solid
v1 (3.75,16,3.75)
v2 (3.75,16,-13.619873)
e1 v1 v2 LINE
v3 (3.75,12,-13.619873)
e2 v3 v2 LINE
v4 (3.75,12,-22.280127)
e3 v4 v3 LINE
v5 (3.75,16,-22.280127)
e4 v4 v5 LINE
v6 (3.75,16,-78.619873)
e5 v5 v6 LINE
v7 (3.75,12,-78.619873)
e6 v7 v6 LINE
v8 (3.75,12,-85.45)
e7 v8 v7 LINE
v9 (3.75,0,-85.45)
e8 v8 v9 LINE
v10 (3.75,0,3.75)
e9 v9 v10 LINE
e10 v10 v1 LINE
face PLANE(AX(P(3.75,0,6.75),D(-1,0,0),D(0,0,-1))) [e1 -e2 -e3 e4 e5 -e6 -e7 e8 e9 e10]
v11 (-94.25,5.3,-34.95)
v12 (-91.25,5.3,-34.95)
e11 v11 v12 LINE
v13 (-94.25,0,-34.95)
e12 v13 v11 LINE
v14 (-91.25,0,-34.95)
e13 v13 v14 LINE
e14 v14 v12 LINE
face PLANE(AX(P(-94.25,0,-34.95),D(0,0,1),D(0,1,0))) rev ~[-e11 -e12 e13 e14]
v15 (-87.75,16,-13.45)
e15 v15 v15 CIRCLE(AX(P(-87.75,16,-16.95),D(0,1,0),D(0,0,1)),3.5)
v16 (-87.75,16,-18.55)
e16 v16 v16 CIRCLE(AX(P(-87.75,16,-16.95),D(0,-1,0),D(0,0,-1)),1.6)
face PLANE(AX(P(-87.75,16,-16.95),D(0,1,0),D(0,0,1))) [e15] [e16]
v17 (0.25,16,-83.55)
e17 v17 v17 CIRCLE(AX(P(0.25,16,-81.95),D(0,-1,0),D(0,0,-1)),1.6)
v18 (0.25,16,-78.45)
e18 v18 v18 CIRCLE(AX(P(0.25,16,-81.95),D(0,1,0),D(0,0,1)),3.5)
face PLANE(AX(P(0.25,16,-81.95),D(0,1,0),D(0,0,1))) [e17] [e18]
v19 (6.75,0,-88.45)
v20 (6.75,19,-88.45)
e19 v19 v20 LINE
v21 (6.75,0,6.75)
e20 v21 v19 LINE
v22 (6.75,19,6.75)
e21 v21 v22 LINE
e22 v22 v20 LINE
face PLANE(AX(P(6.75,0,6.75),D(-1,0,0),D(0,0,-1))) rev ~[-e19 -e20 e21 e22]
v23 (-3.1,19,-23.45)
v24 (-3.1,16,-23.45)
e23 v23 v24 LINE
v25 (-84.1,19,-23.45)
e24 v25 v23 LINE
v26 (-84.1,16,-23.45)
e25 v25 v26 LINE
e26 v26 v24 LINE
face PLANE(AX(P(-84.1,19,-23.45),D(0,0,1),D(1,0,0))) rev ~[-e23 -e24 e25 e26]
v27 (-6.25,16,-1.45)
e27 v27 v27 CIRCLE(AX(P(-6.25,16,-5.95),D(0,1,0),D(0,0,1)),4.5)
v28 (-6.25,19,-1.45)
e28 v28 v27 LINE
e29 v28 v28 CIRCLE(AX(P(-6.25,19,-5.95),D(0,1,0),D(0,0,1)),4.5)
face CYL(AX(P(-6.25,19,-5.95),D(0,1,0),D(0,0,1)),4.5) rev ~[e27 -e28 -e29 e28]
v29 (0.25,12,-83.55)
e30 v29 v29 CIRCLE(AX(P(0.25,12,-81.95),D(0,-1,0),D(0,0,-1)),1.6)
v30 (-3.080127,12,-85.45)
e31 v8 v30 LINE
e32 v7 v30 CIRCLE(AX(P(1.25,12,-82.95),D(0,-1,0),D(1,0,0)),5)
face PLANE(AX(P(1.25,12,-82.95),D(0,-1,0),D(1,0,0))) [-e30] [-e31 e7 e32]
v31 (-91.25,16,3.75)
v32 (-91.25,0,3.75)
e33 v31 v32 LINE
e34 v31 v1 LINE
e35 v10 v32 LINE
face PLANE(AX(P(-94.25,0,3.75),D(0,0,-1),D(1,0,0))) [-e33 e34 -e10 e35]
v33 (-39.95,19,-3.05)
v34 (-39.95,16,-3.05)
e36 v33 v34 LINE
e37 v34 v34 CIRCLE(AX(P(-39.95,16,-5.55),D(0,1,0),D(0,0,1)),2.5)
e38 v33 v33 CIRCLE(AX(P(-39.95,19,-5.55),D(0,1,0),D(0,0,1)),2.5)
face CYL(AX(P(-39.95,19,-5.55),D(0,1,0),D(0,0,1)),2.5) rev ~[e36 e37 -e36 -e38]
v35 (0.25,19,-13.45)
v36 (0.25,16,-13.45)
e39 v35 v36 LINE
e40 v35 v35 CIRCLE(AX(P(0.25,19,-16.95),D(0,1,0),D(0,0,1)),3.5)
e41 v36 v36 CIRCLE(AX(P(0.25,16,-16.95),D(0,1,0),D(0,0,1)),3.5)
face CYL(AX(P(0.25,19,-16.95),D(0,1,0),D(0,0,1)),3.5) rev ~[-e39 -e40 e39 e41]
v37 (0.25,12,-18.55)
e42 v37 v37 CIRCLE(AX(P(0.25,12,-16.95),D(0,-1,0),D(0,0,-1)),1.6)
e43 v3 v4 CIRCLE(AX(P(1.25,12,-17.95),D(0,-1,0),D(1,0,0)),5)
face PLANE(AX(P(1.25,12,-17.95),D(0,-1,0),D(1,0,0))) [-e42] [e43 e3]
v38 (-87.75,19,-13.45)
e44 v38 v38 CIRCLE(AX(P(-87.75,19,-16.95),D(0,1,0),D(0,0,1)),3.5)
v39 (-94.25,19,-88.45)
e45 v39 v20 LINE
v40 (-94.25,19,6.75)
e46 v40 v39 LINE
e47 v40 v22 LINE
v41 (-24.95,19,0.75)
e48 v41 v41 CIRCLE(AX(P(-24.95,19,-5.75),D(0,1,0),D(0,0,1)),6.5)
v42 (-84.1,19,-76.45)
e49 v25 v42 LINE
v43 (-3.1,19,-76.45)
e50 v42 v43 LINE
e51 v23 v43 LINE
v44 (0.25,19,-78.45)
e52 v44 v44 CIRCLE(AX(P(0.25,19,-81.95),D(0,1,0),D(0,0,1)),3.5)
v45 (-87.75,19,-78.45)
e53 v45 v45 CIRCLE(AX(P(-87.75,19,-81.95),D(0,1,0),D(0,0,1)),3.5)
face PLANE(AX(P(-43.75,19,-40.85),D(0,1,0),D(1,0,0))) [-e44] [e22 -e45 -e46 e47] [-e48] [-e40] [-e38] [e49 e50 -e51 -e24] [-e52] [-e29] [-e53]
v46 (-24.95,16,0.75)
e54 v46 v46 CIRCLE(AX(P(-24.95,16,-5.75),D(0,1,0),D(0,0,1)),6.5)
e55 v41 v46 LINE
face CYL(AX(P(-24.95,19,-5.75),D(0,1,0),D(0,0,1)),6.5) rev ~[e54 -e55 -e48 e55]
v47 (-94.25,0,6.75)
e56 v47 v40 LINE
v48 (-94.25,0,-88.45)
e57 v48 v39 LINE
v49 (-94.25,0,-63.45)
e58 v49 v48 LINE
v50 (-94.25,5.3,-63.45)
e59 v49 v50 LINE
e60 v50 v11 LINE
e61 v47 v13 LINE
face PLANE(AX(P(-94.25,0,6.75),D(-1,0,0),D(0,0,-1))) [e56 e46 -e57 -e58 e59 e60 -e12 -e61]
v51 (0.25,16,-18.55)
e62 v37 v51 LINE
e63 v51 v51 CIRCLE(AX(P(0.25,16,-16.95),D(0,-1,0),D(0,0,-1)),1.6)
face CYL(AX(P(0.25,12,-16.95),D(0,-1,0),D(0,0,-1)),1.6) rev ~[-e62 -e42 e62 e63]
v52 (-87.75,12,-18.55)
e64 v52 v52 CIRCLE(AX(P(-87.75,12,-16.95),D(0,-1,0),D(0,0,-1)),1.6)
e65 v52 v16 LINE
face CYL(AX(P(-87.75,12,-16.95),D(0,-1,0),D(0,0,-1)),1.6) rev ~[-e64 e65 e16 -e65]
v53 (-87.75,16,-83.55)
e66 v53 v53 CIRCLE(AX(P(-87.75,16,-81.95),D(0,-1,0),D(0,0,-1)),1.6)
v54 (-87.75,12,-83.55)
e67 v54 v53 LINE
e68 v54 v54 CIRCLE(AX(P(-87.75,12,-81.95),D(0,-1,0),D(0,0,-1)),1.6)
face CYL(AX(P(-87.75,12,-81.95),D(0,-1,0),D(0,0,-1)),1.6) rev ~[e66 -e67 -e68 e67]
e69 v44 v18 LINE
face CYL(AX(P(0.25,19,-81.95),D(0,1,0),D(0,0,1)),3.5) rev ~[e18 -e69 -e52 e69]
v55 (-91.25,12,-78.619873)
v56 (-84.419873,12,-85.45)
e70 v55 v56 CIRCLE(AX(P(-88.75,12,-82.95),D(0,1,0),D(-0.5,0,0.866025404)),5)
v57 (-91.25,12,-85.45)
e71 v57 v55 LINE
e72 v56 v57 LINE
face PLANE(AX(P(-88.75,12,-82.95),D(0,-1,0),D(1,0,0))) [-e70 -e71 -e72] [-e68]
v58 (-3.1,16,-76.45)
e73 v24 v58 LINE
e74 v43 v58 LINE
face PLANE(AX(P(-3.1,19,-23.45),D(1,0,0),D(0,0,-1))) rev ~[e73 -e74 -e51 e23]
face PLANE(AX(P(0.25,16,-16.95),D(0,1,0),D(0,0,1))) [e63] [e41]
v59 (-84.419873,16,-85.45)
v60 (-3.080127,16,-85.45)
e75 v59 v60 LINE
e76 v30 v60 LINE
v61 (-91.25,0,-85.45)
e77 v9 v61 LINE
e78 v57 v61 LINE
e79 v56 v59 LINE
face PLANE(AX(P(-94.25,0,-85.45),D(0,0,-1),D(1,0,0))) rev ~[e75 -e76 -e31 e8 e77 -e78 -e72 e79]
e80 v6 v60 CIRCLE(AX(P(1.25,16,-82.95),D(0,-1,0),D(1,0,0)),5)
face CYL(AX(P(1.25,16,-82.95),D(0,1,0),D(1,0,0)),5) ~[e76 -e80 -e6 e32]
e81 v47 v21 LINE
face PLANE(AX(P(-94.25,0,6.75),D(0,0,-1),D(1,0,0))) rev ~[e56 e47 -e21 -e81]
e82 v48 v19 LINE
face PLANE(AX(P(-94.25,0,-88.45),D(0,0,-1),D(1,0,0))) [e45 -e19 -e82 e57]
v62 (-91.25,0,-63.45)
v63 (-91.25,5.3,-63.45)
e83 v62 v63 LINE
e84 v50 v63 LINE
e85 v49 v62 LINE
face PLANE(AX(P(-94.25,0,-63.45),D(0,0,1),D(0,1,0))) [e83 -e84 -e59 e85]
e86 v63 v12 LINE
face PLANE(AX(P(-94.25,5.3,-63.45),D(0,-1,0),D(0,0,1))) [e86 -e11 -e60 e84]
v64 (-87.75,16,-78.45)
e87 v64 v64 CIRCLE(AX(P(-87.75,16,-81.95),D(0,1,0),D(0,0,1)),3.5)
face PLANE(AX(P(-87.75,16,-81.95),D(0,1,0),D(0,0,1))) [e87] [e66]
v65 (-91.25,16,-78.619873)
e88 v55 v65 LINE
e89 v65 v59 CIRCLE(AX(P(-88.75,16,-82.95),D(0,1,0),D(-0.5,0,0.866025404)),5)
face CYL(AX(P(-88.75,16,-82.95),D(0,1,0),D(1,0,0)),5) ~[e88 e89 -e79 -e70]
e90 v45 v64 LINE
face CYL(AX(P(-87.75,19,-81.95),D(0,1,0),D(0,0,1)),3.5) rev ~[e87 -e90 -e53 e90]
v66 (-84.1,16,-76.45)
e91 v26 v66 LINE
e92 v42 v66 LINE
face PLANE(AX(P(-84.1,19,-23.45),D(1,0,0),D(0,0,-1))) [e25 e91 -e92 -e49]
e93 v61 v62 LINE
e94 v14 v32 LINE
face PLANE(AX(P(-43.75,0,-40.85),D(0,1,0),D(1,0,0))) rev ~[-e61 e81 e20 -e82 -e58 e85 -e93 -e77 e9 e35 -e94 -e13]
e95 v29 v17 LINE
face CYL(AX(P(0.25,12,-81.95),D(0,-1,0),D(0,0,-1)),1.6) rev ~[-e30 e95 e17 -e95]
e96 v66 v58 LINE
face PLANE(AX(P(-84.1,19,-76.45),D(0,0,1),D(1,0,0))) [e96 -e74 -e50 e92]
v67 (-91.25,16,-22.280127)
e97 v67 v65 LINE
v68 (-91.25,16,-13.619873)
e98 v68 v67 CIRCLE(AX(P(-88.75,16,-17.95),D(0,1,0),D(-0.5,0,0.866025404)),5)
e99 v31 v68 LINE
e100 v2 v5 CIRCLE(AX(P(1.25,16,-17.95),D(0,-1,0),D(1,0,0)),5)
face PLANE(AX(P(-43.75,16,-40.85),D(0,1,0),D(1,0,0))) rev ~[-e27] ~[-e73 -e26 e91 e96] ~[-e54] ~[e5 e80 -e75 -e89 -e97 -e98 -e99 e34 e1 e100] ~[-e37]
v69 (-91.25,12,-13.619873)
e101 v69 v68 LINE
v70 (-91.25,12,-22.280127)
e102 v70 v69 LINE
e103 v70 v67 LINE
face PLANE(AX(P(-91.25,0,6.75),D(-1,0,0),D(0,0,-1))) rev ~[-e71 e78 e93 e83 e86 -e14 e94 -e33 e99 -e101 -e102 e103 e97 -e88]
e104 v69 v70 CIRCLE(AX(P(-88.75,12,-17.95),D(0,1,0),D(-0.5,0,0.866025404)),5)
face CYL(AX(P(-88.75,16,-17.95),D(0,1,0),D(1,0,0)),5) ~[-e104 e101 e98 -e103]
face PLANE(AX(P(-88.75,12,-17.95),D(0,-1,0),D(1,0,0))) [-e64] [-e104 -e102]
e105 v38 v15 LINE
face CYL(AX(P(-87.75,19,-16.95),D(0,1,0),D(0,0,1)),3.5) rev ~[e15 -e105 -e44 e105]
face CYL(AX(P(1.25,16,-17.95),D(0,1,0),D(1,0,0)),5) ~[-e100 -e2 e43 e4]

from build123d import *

# Parameters (mm, degrees)
SKETCH1_W           = 101
SKETCH1_H           = 95.2
BOSS_EXTRUDE1_DEPTH = 19
SHELL1_T            = -3
SKETCH3_R           = 5
BOSS_EXTRUDE2_DEPTH = 4
SKETCH4_R           = 1.6
CUT_EXTRUDE2_DEPTH  = 22
SKETCH6_W           = 28.5
SKETCH6_H           = 5.3
CUT_EXTRUDE3_DEPTH  = 22
SKETCH2_R           = 3.5
SKETCH2_R_2         = 4.5
SKETCH2_R_3         = 6.5
SKETCH2_R_4         = 2.5
SKETCH2_W           = 81
SKETCH2_H           = 53
CUT_EXTRUDE5_DEPTH  = 3


with BuildPart() as part:
    # Sketch1 → Boss-Extrude1 (new body)
    with BuildSketch(Plane(origin=(0, 0, 0), x_dir=(1, 0, 0), z_dir=(0, 1, 0))):
        with Locations((-43.75, 40.85)):
            Rectangle(SKETCH1_W, SKETCH1_H)
    extrude(amount=BOSS_EXTRUDE1_DEPTH)

    # Shell1
    shell1_openings = [part.faces().sort_by_distance(p)[0] for p in [
        (-43.75, 0, -40.85),
    ]]
    offset(amount=SHELL1_T, openings=shell1_openings, kind=Kind.INTERSECTION)

    # Sketch3 → Boss-Extrude2 (add)
    with BuildSketch(Plane.XZ.offset(-16)):
        with Locations((1.25, -82.95)):
            Circle(SKETCH3_R)
        with Locations((-88.75, -82.95)):
            Circle(SKETCH3_R)
        with Locations((-88.75, -17.95)):
            Circle(SKETCH3_R)
        with Locations((1.25, -17.95)):
            Circle(SKETCH3_R)
    extrude(amount=BOSS_EXTRUDE2_DEPTH)

    # Sketch4 → Cut-Extrude2 (cut)
    with BuildSketch(Plane.XZ.offset(-12)):
        with Locations(Location((0.25, -16.95, 0), (0, 0, 270))):
            Circle(SKETCH4_R)
        with Locations(Location((-87.75, -16.95, 0), (0, 0, 270))):
            Circle(SKETCH4_R)
        with Locations(Location((-87.75, -81.95, 0), (0, 0, 270))):
            Circle(SKETCH4_R)
        with Locations(Location((0.25, -81.95, 0), (0, 0, 270))):
            Circle(SKETCH4_R)
    extrude(amount=-CUT_EXTRUDE2_DEPTH, mode=Mode.SUBTRACT)

    # Sketch6 → Cut-Extrude3 (cut)
    with BuildSketch(Plane.ZY.offset(94.25)):
        with Locations((-49.2, 2.65)):
            Rectangle(SKETCH6_W, SKETCH6_H)
    extrude(amount=-CUT_EXTRUDE3_DEPTH, mode=Mode.SUBTRACT)

    # Sketch2 → Cut-Extrude5 (cut)
    with BuildSketch(Plane(origin=(0, 19, 0), x_dir=(1, 0, 0), z_dir=(0, 1, 0))):
        with Locations(Location((-87.75, 81.95, 0), (0, 0, 270))):
            Circle(SKETCH2_R)
        with Locations(Location((0.25, 81.95, 0), (0, 0, 270))):
            Circle(SKETCH2_R)
        with Locations(Location((-87.75, 16.95, 0), (0, 0, 270))):
            Circle(SKETCH2_R)
        with Locations(Location((0.25, 16.95, 0), (0, 0, 270))):
            Circle(SKETCH2_R)
        with Locations(Location((-6.25, 5.95, 0), (0, 0, 270))):
            Circle(SKETCH2_R_2)
        with Locations(Location((-24.95, 5.75, 0), (0, 0, 270))):
            Circle(SKETCH2_R_3)
        with Locations(Location((-39.95, 5.55, 0), (0, 0, 270))):
            Circle(SKETCH2_R_4)
        with Locations((-43.6, 49.95)):
            Rectangle(SKETCH2_W, SKETCH2_H)
    extrude(amount=-CUT_EXTRUDE5_DEPTH, mode=Mode.SUBTRACT)


solid = part.part
